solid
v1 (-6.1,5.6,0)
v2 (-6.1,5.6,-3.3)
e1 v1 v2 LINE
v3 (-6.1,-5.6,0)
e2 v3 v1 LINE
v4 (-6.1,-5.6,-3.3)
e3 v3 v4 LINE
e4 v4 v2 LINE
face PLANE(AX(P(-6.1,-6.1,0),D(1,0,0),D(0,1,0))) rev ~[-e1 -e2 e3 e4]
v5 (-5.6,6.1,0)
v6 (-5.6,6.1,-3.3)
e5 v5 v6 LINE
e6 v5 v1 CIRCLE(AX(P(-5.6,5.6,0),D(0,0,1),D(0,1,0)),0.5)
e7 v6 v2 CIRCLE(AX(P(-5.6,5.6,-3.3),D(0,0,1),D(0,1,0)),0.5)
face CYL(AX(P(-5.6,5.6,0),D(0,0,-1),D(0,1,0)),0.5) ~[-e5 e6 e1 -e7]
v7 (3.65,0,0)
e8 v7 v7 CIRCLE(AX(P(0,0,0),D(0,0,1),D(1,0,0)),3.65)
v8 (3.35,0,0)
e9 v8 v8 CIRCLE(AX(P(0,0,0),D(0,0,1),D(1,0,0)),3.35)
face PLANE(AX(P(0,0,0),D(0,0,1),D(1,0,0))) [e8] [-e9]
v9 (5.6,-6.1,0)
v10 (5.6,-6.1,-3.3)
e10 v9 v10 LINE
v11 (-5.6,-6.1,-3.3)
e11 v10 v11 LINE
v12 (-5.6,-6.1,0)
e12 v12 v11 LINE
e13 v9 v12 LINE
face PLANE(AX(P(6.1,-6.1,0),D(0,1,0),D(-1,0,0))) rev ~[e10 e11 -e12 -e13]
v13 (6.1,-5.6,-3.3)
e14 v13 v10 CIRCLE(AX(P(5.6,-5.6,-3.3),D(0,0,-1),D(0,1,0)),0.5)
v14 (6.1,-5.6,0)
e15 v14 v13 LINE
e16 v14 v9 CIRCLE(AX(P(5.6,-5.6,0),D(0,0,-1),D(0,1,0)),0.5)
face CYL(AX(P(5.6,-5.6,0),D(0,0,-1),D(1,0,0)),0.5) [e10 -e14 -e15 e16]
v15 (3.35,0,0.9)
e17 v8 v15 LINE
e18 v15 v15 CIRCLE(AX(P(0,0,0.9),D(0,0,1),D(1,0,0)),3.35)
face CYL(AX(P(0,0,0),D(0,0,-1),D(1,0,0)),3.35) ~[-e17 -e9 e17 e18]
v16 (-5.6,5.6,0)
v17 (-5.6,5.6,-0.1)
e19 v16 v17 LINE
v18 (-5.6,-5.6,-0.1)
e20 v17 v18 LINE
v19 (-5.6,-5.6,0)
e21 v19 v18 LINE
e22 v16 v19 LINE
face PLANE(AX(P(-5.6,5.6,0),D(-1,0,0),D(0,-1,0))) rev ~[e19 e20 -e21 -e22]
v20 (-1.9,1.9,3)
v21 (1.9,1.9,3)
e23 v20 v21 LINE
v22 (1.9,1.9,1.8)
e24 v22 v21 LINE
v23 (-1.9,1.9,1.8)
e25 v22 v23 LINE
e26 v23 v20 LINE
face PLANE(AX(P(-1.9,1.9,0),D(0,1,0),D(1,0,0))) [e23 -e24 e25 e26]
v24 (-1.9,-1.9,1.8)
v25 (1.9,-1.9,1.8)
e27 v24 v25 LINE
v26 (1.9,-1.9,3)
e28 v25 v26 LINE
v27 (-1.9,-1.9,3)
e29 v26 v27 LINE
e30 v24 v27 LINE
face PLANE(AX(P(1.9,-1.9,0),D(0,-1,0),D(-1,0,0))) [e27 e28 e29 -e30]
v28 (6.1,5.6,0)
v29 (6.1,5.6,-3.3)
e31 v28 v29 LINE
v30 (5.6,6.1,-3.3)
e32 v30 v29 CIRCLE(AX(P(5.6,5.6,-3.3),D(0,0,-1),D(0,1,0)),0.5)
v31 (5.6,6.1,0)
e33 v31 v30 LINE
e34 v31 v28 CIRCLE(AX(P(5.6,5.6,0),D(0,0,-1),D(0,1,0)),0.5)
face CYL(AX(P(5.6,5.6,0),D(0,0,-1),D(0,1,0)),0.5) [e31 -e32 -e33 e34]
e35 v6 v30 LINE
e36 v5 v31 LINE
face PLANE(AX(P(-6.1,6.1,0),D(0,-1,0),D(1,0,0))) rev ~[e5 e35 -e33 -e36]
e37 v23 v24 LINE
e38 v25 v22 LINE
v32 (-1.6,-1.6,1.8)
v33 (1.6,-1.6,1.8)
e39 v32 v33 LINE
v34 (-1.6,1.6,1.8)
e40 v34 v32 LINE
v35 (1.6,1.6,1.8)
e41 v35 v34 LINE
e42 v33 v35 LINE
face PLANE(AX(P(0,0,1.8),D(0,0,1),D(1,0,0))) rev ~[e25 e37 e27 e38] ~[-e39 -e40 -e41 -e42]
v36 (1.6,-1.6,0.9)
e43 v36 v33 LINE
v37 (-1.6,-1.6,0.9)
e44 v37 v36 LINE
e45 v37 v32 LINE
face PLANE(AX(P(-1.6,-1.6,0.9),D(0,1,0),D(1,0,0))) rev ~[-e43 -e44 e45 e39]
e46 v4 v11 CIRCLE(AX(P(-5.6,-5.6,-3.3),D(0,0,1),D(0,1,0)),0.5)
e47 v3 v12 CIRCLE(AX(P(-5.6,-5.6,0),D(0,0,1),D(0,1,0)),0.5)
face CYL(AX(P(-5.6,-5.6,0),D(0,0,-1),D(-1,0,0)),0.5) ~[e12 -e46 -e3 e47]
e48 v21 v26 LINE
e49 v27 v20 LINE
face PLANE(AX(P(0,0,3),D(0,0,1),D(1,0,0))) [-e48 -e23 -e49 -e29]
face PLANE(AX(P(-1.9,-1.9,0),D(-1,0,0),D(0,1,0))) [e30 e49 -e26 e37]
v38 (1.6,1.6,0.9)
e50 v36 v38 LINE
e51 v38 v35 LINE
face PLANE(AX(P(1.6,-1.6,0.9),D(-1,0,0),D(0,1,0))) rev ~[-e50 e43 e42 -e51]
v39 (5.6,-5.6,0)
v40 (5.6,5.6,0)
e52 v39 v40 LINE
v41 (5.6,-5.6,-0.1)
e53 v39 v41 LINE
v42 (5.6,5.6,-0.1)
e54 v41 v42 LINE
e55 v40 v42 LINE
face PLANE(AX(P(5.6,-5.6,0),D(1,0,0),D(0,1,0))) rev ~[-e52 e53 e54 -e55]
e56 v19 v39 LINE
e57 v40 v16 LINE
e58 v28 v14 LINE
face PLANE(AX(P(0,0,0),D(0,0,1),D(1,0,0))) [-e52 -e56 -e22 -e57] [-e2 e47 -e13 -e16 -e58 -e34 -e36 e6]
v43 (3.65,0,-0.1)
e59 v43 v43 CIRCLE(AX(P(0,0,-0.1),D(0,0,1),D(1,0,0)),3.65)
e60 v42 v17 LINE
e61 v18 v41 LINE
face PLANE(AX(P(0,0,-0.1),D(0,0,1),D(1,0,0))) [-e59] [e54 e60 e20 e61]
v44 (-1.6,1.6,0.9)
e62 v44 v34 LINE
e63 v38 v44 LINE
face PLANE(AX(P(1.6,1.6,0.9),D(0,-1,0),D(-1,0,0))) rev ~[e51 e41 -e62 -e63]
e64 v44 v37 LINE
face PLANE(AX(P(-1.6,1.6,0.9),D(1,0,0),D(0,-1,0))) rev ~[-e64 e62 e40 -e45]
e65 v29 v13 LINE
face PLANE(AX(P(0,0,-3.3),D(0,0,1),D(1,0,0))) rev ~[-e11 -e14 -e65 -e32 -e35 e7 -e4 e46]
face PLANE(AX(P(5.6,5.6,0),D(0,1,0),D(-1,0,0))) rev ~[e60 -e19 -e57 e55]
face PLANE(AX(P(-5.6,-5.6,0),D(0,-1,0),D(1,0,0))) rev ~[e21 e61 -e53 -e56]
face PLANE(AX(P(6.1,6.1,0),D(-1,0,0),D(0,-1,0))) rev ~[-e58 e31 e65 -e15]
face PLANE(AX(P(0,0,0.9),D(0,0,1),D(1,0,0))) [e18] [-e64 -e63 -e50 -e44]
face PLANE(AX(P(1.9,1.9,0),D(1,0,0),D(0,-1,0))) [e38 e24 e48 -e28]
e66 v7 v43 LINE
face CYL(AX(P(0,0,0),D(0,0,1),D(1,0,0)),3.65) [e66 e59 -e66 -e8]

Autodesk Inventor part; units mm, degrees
ref_plane "YZ Plane" through (0, 0, 0) normal (1, 0, 0) x (0, 1, 0)
ref_plane "XZ Plane" through (0, 0, 0) normal (0, 1, 0) x (-1, 0, 0)
ref_plane "XY Plane" through (0, 0, 0) normal (0, 0, 1) x (1, 0, 0)
sketch "스케치1" plane through (0, 0, 0) normal (0, 0, 1) x (1, 0, 0)
  line L0 (-6.1, 6.1) -> (6.1, 6.1)
  line L1 (6.1, 6.1) -> (6.1, -6.1)
  line L2 (6.1, -6.1) -> (-6.1, -6.1)
  line L3 (-6.1, -6.1) -> (-6.1, 6.1)
  line L4 (-6.1, 6.1) -> (6.1, -6.1) construction
  line L5 (6.1, 6.1) -> (-6.1, -6.1) construction
  circle A0 centre (0, 0) radius 3.35
  line L6 (-1.6, 1.6) -> (1.6, 1.6)
  line L7 (1.6, 1.6) -> (1.6, -1.6)
  line L8 (1.6, -1.6) -> (-1.6, -1.6)
  line L9 (-1.6, -1.6) -> (-1.6, 1.6)
  line L10 (-1.6, 1.6) -> (1.6, -1.6) construction
  line L11 (1.6, 1.6) -> (-1.6, -1.6) construction
  line L12 (-1.9, 1.9) -> (1.9, 1.9)
  line L13 (1.9, 1.9) -> (1.9, -1.9)
  line L14 (1.9, -1.9) -> (-1.9, -1.9)
  line L15 (-1.9, -1.9) -> (-1.9, 1.9)
  line L16 (-1.9, 1.9) -> (1.9, -1.9) construction
  line L17 (1.9, 1.9) -> (-1.9, -1.9) construction
  point P0 (0, 0)
  dimension "d0" = 12.2
  dimension "d1" = 12.2
  dimension "d2" = 6.7
  dimension "d3" = 3.2
  dimension "d4" = 3.2
  dimension "d5" = 3.8
  dimension "d6" = 3.8
extrude "돌출1" add sketch "스케치1" against normal blind 3.3 contours L0 L1 L2 L3 | A0 | L6 L7 L8 L9 | L12 L13 L14 L15
extrude "돌출2" add sketch "스케치1" along normal blind 0.9 contours A0 | L6 L7 L8 L9 | L12 L13 L14 L15
extrude "돌출3" add sketch "스케치1" along normal blind 3 contours L6 L7 L8 L9 | L12 L13 L14 L15
sketch "스케치2" plane through (0, 0, 0.9) normal (0, 0, 1) x (1, 0, 0)
  line L0 (-1.6, -1.6) -> (1.6, -1.6)
  line L1 (1.6, -1.6) -> (1.6, 1.6)
  line L2 (1.6, 1.6) -> (-1.6, 1.6)
  line L3 (-1.6, 1.6) -> (-1.6, -1.6)
  line L4 (-1.6, -1.6) -> (1.6, 1.6) construction
  line L5 (1.6, -1.6) -> (-1.6, 1.6) construction
  line L6 (-1.9, -1.9) -> (1.9, -1.9) projected
  line L7 (1.9, -1.9) -> (1.9, 1.9) projected
  line L8 (1.9, 1.9) -> (-1.9, 1.9) projected
  line L9 (-1.9, 1.9) -> (-1.9, -1.9) projected
  point P0 (0, 0)
  dimension "d13" = 3.2
  dimension "d14" = 3.2
extrude "돌출4" cut sketch "스케치2" along normal blind 0.9
fillet "모깎기1" radius 0.5 4 edges at (6.1, 6.1, -1.65) (6.1, -6.1, -1.65) (-6.1, -6.1, -1.65) (-6.1, 6.1, -1.65)
sketch "스케치3" plane through (0, 0, 0) normal (0, 0, 1) x (1, 0, 0)
  circle A0 centre (0, 0) radius 3.35 projected
  arc A1 (-5.6, 6.1) -> (-6.1, 5.6) centre (-5.6, 5.6) ccw projected
  line L0 (-6.1, 5.6) -> (-6.1, -5.6) projected
  arc A2 (-6.1, -5.6) -> (-5.6, -6.1) centre (-5.6, -5.6) ccw projected
  line L1 (-5.6, -6.1) -> (5.6, -6.1) projected
  arc A3 (5.6, -6.1) -> (6.1, -5.6) centre (5.6, -5.6) ccw projected
  line L2 (6.1, -5.6) -> (6.1, 5.6) projected
  arc A4 (6.1, 5.6) -> (5.6, 6.1) centre (5.6, 5.6) ccw projected
  line L3 (5.6, 6.1) -> (-5.6, 6.1) projected
  line L4 (-5.6, 5.6) -> (-5.6, -5.6)
  line L5 (-5.6, -5.6) -> (5.6, -5.6)
  line L6 (5.6, -5.6) -> (5.6, 5.6)
  line L7 (5.6, 5.6) -> (-5.6, 5.6)
  circle A5 centre (0, 0) radius 3.65
  point P0 (0, 0)
  dimension "d18" = 0.5
  dimension "d19" = 0.3
extrude "돌출5" cut sketch "스케치3" against normal blind 0.1 contours L7 L6 L5 L4
properties part number "텍트 스위치"
